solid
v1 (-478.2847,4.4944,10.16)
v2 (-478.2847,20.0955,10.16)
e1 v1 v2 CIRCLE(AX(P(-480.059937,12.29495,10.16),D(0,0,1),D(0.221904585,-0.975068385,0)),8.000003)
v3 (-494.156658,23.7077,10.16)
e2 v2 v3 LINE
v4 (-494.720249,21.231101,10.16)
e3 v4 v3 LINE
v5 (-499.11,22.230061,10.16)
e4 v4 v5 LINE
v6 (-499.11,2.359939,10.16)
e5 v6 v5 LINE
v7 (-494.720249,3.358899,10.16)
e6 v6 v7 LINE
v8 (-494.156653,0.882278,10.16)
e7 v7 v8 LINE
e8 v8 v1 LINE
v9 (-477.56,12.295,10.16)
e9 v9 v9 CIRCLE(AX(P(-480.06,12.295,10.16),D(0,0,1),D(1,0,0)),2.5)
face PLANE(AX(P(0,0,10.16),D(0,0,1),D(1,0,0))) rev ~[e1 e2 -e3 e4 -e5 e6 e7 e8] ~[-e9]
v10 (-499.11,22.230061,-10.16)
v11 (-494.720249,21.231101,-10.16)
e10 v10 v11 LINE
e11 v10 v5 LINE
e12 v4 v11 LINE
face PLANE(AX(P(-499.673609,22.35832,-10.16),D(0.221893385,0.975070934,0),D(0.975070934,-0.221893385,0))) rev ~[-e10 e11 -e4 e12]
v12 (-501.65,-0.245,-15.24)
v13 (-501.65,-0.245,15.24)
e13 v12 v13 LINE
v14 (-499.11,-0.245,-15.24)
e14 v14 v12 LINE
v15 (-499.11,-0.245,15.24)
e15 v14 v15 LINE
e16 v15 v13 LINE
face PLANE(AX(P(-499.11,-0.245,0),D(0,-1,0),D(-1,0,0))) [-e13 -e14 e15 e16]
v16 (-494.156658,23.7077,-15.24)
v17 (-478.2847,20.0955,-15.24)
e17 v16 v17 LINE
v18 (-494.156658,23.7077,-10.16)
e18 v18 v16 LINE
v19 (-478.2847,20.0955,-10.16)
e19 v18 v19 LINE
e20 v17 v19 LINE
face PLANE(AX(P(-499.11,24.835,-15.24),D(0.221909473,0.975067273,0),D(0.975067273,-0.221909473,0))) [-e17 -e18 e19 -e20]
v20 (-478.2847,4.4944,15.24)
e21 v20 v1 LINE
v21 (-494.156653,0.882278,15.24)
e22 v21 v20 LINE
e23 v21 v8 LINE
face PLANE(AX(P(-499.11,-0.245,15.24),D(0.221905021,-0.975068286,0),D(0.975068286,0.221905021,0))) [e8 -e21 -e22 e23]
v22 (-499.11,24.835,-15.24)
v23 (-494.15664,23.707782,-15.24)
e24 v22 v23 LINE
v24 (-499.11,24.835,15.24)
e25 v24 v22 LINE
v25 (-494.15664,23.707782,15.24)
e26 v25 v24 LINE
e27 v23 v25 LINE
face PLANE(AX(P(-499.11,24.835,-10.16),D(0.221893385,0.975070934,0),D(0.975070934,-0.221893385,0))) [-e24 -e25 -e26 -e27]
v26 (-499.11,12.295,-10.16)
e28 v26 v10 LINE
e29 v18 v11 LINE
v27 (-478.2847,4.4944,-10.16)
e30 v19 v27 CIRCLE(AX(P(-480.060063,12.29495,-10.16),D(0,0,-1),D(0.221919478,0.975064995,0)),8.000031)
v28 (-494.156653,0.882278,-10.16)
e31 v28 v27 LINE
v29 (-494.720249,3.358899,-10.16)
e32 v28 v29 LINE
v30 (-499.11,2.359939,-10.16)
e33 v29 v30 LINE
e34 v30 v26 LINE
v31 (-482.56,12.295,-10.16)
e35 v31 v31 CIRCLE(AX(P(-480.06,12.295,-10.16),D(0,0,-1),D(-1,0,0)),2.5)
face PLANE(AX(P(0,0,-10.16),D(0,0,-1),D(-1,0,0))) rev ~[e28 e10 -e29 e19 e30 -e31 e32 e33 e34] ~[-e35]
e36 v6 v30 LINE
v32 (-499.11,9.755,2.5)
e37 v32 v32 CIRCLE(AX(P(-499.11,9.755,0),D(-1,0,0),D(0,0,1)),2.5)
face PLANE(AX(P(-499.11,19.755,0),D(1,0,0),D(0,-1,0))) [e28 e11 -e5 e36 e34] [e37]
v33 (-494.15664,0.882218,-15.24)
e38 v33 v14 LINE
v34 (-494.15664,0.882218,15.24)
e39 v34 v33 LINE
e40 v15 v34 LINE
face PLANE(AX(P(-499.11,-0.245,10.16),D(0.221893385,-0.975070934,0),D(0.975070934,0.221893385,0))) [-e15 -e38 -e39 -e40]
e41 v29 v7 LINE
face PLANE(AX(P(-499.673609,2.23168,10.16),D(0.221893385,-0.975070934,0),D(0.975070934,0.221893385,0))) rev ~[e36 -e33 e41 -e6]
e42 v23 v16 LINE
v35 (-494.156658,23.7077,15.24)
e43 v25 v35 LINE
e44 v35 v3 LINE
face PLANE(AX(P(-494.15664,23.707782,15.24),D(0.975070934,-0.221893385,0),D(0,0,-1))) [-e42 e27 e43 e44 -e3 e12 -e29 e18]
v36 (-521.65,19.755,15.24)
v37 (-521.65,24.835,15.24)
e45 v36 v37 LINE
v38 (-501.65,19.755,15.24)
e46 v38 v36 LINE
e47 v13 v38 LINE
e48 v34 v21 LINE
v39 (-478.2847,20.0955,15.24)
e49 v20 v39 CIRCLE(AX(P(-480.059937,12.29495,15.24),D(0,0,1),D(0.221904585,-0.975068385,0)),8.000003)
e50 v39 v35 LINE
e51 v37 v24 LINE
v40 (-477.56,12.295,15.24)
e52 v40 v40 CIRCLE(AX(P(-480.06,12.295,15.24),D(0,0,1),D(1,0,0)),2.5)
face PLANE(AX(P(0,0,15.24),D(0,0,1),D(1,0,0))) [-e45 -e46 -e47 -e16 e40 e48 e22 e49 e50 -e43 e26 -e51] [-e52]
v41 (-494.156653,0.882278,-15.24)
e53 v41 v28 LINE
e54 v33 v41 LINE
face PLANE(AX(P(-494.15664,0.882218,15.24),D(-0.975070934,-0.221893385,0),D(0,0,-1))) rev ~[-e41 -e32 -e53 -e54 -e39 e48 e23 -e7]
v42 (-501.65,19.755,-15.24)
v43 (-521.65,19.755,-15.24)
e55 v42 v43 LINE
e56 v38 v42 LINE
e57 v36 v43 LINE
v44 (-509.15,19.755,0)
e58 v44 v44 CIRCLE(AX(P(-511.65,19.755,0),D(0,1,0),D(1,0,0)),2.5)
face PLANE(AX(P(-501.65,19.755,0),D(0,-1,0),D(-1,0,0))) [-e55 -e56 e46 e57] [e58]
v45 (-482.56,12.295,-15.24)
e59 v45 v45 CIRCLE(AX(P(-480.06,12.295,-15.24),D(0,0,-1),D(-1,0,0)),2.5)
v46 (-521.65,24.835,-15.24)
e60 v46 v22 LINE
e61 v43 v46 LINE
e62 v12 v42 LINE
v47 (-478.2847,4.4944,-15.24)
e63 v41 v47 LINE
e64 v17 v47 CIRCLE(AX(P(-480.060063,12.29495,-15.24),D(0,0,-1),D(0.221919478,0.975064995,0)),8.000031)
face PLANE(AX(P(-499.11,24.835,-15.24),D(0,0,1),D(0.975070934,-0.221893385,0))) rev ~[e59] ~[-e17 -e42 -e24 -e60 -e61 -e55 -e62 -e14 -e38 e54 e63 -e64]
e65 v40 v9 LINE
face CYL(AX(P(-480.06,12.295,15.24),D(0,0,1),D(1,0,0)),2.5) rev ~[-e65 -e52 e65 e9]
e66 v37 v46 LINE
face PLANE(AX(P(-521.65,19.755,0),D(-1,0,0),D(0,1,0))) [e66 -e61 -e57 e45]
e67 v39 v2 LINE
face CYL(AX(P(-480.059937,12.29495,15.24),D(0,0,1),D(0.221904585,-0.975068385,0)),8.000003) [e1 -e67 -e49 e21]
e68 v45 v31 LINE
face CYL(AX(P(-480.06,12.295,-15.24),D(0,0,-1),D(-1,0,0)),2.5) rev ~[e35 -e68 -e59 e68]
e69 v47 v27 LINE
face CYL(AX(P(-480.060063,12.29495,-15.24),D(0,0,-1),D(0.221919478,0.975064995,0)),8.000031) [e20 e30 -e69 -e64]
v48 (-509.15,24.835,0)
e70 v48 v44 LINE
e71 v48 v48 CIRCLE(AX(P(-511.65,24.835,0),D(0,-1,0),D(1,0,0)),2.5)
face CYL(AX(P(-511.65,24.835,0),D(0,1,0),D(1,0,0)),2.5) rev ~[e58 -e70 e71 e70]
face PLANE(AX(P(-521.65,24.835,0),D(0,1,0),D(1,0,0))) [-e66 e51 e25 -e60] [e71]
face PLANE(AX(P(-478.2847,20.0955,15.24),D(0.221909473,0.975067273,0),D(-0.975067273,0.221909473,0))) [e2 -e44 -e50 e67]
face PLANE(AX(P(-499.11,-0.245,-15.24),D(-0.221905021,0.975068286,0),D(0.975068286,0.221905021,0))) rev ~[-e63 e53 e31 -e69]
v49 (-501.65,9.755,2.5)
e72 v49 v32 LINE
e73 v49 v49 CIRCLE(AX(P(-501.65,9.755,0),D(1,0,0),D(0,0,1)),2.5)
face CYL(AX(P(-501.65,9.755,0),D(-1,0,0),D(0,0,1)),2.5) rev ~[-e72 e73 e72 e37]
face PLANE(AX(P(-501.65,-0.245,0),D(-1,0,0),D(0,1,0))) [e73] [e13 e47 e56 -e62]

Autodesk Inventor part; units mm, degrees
ref_plane "YZ Plane" through (0, 0, 0) normal (1, 0, 0) x (0, 1, 0)
ref_plane "XZ Plane" through (0, 0, 0) normal (0, 1, 0) x (-1, 0, 0)
ref_plane "XY Plane" through (0, 0, 0) normal (0, 0, 1) x (1, 0, 0)
ref_plane "Work Plane1" through (0, 0, 0) normal (0, 0, 1) x (1, 0, 0)
sketch "Sketch1" plane through (0, 0, 0) normal (0, 0, 1) x (1, 0, 0)
  line L0 (-521.65, -0.245) -> (-521.65, -0.245) projected
  line L1 (-521.65, 19.755) -> (-521.65, -0.245) projected
  line L2 (-521.65, 19.755) -> (-521.65, 19.755) projected
  line L3 (-521.65, -0.245) -> (-521.65, 19.755) projected
  line L4 (-501.65, 19.755) -> (-501.65, 19.755) projected
  line L5 (-501.65, -0.245) -> (-501.65, 19.755) projected
  line L6 (-501.65, -0.245) -> (-501.65, -0.245) projected
  line L7 (-501.65, 19.755) -> (-501.65, -0.245) projected
  line L8 (-521.65, -0.245) -> (-521.65, -0.245) projected
  line L9 (-521.65, 19.755) -> (-521.65, -0.245) projected
  line L10 (-521.65, 19.755) -> (-521.65, 19.755) projected
  line L11 (-521.65, -0.245) -> (-521.65, 19.755) projected
  line L12 (-501.65, 19.755) -> (-499.11, 19.755)
  line L13 (-499.11, 19.755) -> (-499.11, -0.245)
  line L14 (-499.11, -0.245) -> (-501.65, -0.245)
  line L15 (-501.65, -0.245) -> (-501.65, 19.755)
  line L16 (-499.11, 19.755) -> (-521.65, 19.755)
  line L17 (-521.65, 19.755) -> (-521.65, 24.835)
  line L18 (-521.65, 24.835) -> (-499.11, 24.835)
  line L19 (-499.11, 24.835) -> (-499.11, 19.755)
  point P0 (0, 0)
  dimension "d0" = 2.54
  dimension "d1" = 5.08
extrude "Extrusion1" add sketch "Sketch1" along normal mid plane 30.48
sketch "Sketch2" plane through (-521.65, 24.835, 15.24) normal (0, 1, 0) x (1, 0, 0)
  line L0 (0, 30.48) -> (0, 0) projected
  line L1 (22.54, 0) -> (0, 0) projected
  line L2 (22.54, 30.48) -> (22.54, 0) projected
  line L3 (0, 30.48) -> (22.54, 30.48) projected
  line L4 (20, 345.44) -> (20, -314.96) projected
  line L5 (0, 30.48) -> (0, 0) projected
  line L6 (0, 15.24) -> (20, 15.24)
  circle A0 centre (10, 15.24) radius 2.5
  point P0 (521.65, 15.24)
  dimension "d4" = 5
extrude "Extrusion2" cut sketch "Sketch2" against normal blind 25.4 contours A0 L6 | L6 A0
sketch "Sketch3" plane through (-501.65, -0.245, 15.24) normal (-1, 0, 0) x (0, 0, 1)
  line L0 (-345.44, 0) -> (314.96, 0) projected
  line L1 (-30.48, 20) -> (0, 20) projected
  line L2 (-15.24, 20) -> (-15.24, 0)
  line L3 (-30.48, 0) -> (0, 0) projected
  circle A0 centre (-15.24, 10) radius 2.5
  point P0 (-15.24, 0.245)
  dimension "d7" = 5
extrude "Extrusion3" cut sketch "Sketch3" against normal blind 25.4
sketch "Sketch4" plane through (0, 0, -15.24) normal (0, 0, -1) x (-1, 0, 0)
  line L0 (499.11, -0.245) -> (499.11, 24.835) projected
  line L1 (499.11, 24.835) -> (499.11, -0.245) projected
  line L2 (499.11, 12.295) -> (480.06, 12.295)
  line L3 (499.11, 12.295) -> (518.16, 12.295) construction
  arc A0 (478.2847, 20.0955) -> (478.2847, 4.4944) centre (480.06, 12.295) ccw
  circle A1 centre (480.06, 12.295) radius 2.5
  line L4 (499.11, 24.835) -> (478.2847, 20.0955)
  line L5 (499.11, -0.245) -> (478.2847, 4.4944)
  point P0 (0, 0)
  dimension "d10" = 19.05
  dimension "d11" = 180
  dimension "d12" = 16
  dimension "d13" = 5
extrude "Extrusion4" add sketch "Sketch4" against normal blind 5.08
sketch "Sketch5" plane through (0, 0, 15.24) normal (0, 0, 1) x (1, 0, 0)
  circle A0 centre (-480.06, 12.295) radius 2.5 projected
  line L0 (-499.11, -0.245) -> (-499.11, 24.835) projected
  line L1 (-499.11, -0.245) -> (-478.2847, 4.4944) projected
  arc A1 (-478.2847, 4.4944) -> (-478.2847, 20.0955) centre (-480.06, 12.295) ccw projected
  line L2 (-478.2847, 20.0955) -> (-499.11, 24.835) projected
  point P0 (0, 0)
extrude "Extrusion5" add sketch "Sketch5" against normal blind 5.08
sketch "Sketch6" plane through (-499.11, -0.245, 10.16) normal (0.2219, -0.9751, 0) x (0.9751, 0.2219, 0)
  line L0 (0, 5.08) -> (21.3578, 5.08) projected
  line L1 (0, 0) -> (0, 5.08) projected
  line L2 (21.3578, 0) -> (0, 0) projected
  line L3 (21.3578, 5.08) -> (21.3578, 0) projected
  line L4 (21.3578, -25.4) -> (0, -25.4) projected
  line L5 (21.3578, -25.4) -> (21.3578, -20.32) projected
  line L6 (0, -20.32) -> (21.3578, -20.32) projected
  line L7 (0, -25.4) -> (0, -20.32) projected
  line L8 (0, -20.32) -> (0, 0) projected
  line L9 (21.3578, -25.4) -> (0, -25.4) projected
  line L10 (0, 5.08) -> (5.08, 5.08)
  line L11 (5.08, 5.08) -> (5.08, -25.4)
  line L12 (5.08, -25.4) -> (0, -25.4)
  line L13 (0, -25.4) -> (0, 5.08)
  point P0 (486.7204, -10.16)
  dimension "d18" = 5.08
extrude "Extrusion6" add sketch "Sketch6" against normal blind 2.54 contours L0 L11 L2 L1 | L2 L11 L6 L8 | L6 L11 L4 L7
sketch "Sketch7" plane through (-499.11, 24.835, -10.16) normal (0.2219, 0.9751, 0) x (0.9751, -0.2219, 0)
  line L0 (21.3578, -25.4) -> (0, -25.4) projected
  line L1 (21.3578, -25.4) -> (21.3578, -20.32) projected
  line L2 (0, -20.32) -> (21.3578, -20.32) projected
  line L3 (0, -20.32) -> (0, -25.4) projected
  line L4 (0, 5.08) -> (21.3578, 5.08) projected
  line L5 (0, 5.08) -> (0, 0) projected
  line L6 (21.3578, 0) -> (0, 0) projected
  line L7 (21.3578, 5.08) -> (21.3578, 0) projected
  line L8 (0, -25.4) -> (5.08, -25.4)
  line L9 (5.08, -25.4) -> (5.08, 5.08)
  line L10 (5.08, 5.08) -> (0, 5.08)
  line L11 (0, 5.08) -> (0, -25.4)
  point P0 (492.1771, -10.16)
  dimension "d21" = 5.08
extrude "Extrusion7" add sketch "Sketch7" against normal blind 2.54 contours L0 L3 L2 L9 | L2 L11 L6 L9 | L6 L5 L4 L9
properties part number "YIdler"
